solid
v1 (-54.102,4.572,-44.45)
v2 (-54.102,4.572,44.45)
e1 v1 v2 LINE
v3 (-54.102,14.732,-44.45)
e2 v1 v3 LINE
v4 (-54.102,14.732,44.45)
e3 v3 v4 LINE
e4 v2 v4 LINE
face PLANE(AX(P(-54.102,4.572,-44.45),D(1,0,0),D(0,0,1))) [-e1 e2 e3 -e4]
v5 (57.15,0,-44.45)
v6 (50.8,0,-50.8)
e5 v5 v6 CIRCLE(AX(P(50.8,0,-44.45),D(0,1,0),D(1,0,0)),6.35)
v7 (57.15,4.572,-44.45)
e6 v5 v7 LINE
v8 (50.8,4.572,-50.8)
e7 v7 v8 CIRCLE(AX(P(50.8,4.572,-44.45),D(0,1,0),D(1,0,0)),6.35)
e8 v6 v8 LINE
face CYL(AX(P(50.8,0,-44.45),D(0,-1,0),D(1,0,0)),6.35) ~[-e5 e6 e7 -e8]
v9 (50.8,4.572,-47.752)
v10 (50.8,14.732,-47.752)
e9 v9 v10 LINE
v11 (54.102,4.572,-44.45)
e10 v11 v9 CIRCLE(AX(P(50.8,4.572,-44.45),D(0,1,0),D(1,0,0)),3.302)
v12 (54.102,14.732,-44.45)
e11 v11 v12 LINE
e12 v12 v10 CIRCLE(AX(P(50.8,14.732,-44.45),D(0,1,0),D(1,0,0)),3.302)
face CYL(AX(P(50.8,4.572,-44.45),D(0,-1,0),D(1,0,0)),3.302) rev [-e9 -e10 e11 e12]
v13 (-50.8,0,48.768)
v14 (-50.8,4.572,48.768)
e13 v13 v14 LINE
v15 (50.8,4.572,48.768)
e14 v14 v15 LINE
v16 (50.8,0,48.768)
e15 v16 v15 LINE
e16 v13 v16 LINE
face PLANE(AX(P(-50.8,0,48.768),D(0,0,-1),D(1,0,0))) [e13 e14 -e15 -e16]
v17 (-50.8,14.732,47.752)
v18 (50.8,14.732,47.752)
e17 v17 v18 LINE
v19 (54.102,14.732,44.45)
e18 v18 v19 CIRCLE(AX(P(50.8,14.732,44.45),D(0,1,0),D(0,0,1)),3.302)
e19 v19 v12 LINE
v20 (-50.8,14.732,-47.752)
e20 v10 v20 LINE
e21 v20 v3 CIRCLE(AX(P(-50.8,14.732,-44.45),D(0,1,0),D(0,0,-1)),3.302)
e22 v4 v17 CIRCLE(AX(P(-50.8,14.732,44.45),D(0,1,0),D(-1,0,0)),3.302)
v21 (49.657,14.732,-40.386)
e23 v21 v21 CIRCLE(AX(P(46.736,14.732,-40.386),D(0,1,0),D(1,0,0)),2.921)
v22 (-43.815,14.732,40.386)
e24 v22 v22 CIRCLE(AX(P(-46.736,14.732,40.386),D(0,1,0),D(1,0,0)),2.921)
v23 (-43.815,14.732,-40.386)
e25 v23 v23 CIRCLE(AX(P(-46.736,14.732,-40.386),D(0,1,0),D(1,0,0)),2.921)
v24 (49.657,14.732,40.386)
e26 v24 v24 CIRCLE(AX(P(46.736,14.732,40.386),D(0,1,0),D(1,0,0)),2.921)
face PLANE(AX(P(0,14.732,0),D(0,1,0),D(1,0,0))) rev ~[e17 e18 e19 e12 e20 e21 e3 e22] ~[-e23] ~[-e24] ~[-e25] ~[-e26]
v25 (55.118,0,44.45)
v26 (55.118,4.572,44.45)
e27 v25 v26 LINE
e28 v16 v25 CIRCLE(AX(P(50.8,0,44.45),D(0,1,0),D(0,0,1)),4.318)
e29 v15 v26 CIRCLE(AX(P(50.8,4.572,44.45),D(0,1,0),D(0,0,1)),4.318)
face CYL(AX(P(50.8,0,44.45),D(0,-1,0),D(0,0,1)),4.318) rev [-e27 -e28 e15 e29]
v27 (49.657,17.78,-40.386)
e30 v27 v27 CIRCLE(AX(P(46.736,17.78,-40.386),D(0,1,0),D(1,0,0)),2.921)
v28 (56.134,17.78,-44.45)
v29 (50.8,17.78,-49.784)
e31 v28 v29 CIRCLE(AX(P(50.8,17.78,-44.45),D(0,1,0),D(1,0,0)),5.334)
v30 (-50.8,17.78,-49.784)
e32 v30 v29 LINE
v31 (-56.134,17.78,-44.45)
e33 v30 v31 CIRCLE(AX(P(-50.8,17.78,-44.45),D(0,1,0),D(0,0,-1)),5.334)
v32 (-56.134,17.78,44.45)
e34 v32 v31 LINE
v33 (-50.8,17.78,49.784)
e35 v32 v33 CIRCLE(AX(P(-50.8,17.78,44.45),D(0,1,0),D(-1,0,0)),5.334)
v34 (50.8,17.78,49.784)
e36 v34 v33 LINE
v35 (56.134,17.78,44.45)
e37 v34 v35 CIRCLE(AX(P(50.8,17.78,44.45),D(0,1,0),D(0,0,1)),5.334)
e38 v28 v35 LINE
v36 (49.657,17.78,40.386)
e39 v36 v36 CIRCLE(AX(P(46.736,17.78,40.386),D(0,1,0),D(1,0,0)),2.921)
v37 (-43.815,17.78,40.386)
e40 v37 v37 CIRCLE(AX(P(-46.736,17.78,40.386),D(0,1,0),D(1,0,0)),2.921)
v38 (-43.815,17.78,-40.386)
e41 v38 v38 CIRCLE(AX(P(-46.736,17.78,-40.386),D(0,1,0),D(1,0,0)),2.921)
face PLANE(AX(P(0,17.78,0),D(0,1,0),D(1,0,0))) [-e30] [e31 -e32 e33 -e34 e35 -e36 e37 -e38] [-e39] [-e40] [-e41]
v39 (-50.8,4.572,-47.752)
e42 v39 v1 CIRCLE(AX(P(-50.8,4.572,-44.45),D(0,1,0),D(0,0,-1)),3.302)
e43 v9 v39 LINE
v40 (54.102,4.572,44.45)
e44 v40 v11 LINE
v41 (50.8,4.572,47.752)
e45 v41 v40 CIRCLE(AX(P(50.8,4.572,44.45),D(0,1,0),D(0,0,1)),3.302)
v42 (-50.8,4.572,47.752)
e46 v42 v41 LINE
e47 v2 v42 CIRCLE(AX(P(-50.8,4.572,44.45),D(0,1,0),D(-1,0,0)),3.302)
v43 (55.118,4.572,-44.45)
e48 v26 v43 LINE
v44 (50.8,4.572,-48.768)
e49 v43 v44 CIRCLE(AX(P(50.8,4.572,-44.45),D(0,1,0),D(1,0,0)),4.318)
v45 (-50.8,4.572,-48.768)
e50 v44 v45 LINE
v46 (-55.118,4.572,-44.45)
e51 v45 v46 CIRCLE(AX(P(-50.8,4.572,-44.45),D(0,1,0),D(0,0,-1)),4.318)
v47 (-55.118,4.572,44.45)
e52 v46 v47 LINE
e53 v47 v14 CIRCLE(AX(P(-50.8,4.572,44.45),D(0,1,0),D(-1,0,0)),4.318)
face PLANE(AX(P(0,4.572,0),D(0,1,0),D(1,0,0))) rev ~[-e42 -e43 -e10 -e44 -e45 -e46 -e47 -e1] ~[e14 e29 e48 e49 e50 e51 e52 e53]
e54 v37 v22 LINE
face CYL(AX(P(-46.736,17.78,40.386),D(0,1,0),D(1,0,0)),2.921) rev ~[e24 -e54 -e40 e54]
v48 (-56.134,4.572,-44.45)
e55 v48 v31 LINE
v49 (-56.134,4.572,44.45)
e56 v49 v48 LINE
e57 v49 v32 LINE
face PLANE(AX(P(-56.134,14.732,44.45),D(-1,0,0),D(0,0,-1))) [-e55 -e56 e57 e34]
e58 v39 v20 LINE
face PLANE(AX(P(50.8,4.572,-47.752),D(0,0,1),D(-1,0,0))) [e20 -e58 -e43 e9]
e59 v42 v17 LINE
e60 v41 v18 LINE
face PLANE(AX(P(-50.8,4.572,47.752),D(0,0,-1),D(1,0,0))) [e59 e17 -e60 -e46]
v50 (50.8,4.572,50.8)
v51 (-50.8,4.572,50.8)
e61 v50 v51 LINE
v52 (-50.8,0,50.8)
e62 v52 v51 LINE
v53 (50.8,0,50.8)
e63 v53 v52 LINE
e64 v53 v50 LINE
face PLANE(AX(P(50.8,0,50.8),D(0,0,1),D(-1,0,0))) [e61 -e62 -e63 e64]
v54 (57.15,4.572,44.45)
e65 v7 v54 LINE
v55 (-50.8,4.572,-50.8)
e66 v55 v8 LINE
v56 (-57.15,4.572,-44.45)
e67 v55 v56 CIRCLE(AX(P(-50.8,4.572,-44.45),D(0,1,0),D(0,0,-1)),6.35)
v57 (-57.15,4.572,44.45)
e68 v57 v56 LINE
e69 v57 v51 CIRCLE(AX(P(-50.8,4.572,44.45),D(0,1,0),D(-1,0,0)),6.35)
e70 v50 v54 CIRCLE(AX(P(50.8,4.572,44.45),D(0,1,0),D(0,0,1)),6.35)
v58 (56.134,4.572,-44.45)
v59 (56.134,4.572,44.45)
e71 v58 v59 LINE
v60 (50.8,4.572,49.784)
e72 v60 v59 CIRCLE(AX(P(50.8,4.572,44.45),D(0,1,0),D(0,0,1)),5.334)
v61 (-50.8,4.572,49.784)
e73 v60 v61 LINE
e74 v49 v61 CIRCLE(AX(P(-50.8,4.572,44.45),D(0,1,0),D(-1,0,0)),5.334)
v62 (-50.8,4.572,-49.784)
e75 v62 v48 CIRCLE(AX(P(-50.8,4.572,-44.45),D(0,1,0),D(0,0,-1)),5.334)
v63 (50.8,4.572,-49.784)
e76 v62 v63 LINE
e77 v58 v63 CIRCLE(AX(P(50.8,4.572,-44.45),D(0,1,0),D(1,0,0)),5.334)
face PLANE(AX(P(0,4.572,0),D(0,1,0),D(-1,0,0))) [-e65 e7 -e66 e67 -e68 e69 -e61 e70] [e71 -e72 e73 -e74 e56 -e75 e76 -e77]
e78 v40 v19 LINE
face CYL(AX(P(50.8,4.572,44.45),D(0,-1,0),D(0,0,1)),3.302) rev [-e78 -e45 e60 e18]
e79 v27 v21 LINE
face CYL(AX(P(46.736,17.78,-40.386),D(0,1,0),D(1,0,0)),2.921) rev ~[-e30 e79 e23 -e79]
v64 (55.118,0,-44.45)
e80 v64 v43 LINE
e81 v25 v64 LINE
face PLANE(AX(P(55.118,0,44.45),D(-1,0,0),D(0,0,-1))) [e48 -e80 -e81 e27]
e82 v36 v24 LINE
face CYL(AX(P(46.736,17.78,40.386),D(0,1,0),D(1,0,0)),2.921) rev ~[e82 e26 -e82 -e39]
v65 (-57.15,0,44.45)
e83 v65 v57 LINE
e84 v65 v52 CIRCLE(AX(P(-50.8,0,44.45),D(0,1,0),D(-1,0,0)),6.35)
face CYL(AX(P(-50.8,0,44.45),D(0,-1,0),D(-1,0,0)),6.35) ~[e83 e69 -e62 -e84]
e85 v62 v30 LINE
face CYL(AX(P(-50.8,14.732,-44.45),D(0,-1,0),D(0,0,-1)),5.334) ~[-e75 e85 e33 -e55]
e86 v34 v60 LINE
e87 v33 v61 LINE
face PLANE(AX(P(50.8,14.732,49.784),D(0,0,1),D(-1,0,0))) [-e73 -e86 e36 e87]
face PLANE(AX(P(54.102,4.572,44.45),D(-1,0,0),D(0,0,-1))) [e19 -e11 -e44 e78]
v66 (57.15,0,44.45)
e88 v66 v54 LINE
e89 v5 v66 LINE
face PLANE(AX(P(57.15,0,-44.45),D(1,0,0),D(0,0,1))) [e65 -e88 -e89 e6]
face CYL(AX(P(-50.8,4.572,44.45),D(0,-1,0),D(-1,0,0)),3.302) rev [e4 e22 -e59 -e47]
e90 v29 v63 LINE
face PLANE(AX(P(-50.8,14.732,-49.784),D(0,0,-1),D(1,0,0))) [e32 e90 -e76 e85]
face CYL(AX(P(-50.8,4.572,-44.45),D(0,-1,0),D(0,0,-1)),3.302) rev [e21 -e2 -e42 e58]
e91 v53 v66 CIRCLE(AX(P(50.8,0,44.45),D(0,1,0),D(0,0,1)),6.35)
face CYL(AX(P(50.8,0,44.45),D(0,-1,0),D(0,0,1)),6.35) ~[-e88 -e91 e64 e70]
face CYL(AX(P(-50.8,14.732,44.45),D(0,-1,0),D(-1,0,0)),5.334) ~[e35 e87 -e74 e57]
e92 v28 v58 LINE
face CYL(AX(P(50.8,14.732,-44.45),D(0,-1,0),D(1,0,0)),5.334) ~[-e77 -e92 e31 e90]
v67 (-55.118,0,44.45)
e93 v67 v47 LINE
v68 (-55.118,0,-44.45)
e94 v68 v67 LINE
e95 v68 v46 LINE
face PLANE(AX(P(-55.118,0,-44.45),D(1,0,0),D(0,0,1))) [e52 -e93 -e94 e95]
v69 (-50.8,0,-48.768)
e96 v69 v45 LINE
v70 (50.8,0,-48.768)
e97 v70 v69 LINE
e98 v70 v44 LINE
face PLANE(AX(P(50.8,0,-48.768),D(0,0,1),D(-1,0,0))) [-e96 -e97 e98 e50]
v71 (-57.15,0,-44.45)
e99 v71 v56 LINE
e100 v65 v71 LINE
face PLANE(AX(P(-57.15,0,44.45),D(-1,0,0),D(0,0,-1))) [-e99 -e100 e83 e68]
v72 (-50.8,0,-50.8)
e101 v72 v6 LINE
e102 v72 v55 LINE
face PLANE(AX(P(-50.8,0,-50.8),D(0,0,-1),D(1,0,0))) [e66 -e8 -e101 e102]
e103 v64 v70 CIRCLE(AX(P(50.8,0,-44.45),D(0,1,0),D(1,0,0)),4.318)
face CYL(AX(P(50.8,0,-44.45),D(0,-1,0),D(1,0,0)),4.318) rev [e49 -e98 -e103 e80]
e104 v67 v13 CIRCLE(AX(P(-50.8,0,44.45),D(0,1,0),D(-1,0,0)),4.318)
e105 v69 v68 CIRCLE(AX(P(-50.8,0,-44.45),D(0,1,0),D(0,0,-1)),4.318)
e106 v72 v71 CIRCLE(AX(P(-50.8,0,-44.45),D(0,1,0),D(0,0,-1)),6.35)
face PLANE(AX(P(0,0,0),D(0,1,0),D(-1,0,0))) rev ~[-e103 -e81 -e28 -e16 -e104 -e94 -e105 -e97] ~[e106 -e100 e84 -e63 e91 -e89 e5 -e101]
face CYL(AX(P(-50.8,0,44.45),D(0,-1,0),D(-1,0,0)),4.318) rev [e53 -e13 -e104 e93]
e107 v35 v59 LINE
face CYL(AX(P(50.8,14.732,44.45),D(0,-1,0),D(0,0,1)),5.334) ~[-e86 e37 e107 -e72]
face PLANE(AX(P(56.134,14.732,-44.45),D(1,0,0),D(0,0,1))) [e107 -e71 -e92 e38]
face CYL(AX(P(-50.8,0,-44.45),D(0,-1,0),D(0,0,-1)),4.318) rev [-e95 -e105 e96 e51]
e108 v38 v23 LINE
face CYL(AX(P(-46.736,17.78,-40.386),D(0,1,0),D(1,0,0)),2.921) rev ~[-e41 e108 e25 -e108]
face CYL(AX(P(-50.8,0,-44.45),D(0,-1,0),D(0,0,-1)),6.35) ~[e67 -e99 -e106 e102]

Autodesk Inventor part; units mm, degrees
ref_plane "YZ Plane" through (0, 0, 0) normal (1, 0, 0) x (0, 1, 0)
ref_plane "XZ Plane" through (0, 0, 0) normal (0, 1, 0) x (-1, 0, 0)
ref_plane "XY Plane" through (0, 0, 0) normal (0, 0, 1) x (1, 0, 0)
sketch "Sketch2" plane through (0, 0, 0) normal (0, 1, 0) x (-1, 0, 0)
  line L0 (-50.8, 50.8) -> (50.8, 50.8)
  line L1 (57.15, 44.45) -> (57.15, -44.45)
  line L2 (50.8, -50.8) -> (-50.8, -50.8)
  line L3 (-57.15, -44.45) -> (-57.15, 44.45)
  arc A0 (-50.8, 50.8) -> (-57.15, 44.45) centre (-50.8, 44.45) ccw
  arc A1 (-57.15, -44.45) -> (-50.8, -50.8) centre (-50.8, -44.45) ccw
  arc A2 (50.8, -50.8) -> (57.15, -44.45) centre (50.8, -44.45) ccw
  arc A3 (57.15, 44.45) -> (50.8, 50.8) centre (50.8, 44.45) ccw
  line L4 (50.8, 48.768) -> (-50.8, 48.768)
  arc A4 (-50.8, 48.768) -> (-55.118, 44.45) centre (-50.8, 44.45) ccw
  line L5 (-55.118, 44.45) -> (-55.118, -44.45)
  arc A5 (-55.118, -44.45) -> (-50.8, -48.768) centre (-50.8, -44.45) ccw
  line L6 (-50.8, -48.768) -> (50.8, -48.768)
  arc A6 (50.8, -48.768) -> (55.118, -44.45) centre (50.8, -44.45) ccw
  line L7 (55.118, -44.45) -> (55.118, 44.45)
  arc A7 (55.118, 44.45) -> (50.8, 48.768) centre (50.8, 44.45) ccw
  line L8 (-50.8, 44.45) -> (50.8, -44.45) construction
  point P0 (0, 0)
  point P1 (0, 0)
  point P2 (0, 0)
  dimension "d0" = 114.3
  dimension "d1" = 101.6
  dimension "d2" = 6.35
  dimension "d3" = 2.032
extrude "Extrusion1" add sketch "Sketch2" along normal blind 4.572
sketch "Sketch3" plane through (0, 4.572, 0) normal (0, 1, 0) x (1, 0, 0)
  line L0 (-55.118, -44.45) -> (-55.118, 44.45) projected
  arc A0 (-50.8, 48.768) -> (-55.118, 44.45) centre (-50.8, 44.45) ccw projected
  line L1 (-50.8, 48.768) -> (50.8, 48.768) projected
  line L2 (55.118, 44.45) -> (55.118, -44.45) projected
  line L3 (50.8, -48.768) -> (-50.8, -48.768) projected
  line L4 (-50.8, 49.784) -> (50.8, 49.784)
  line L5 (56.134, 44.45) -> (56.134, -44.45)
  line L6 (50.8, -49.784) -> (-50.8, -49.784)
  line L7 (-56.134, -44.45) -> (-56.134, 44.45)
  arc A1 (-50.8, 49.784) -> (-56.134, 44.45) centre (-50.8, 44.45) ccw
  arc A2 (-56.134, -44.45) -> (-50.8, -49.784) centre (-50.8, -44.45) ccw
  arc A3 (50.8, -49.784) -> (56.134, -44.45) centre (50.8, -44.45) ccw
  arc A4 (56.134, 44.45) -> (50.8, 49.784) centre (50.8, 44.45) ccw
  line L8 (-54.102, 44.45) -> (-54.102, -44.45)
  arc A5 (-54.102, -44.45) -> (-50.8, -47.752) centre (-50.8, -44.45) ccw
  line L9 (-50.8, -47.752) -> (50.8, -47.752)
  arc A6 (50.8, -47.752) -> (54.102, -44.45) centre (50.8, -44.45) ccw
  line L10 (54.102, -44.45) -> (54.102, 44.45)
  arc A7 (54.102, 44.45) -> (50.8, 47.752) centre (50.8, 44.45) ccw
  line L11 (50.8, 47.752) -> (-50.8, 47.752)
  arc A8 (-50.8, 47.752) -> (-54.102, 44.45) centre (-50.8, 44.45) ccw
  point P0 (0, 0)
  dimension "d7" = 1.016
  dimension "d8" = 1.016
  dimension "d9" = 1.016
  dimension "d10" = 1.016
  dimension "d11" = 2.032
extrude "Extrusion2" add sketch "Sketch3" along normal blind 10.16
sketch "Sketch5" plane through (0, 14.732, 0) normal (0, 1, 0) x (1, 0, 0)
  arc A0 (-50.8, 49.784) -> (-56.134, 44.45) centre (-50.8, 44.45) ccw projected
  line L0 (-56.134, -44.45) -> (-56.134, 44.45) projected
  arc A1 (-56.134, -44.45) -> (-50.8, -49.784) centre (-50.8, -44.45) ccw projected
  line L1 (50.8, -49.784) -> (-50.8, -49.784) projected
  arc A2 (50.8, -49.784) -> (56.134, -44.45) centre (50.8, -44.45) ccw projected
  line L2 (56.134, 44.45) -> (56.134, -44.45) projected
  arc A3 (56.134, 44.45) -> (50.8, 49.784) centre (50.8, 44.45) ccw projected
  line L3 (-50.8, 49.784) -> (50.8, 49.784) projected
  point P0 (0, 0)
extrude "Extrusion3" add sketch "Sketch5" along normal blind 3.048
sketch "Sketch6" plane through (0, 17.78, 0) normal (0, 1, 0) x (1, 0, 0)
  line L0 (-50.8, 49.784) -> (50.8, 49.784) projected
  line L1 (-56.134, -44.45) -> (-56.134, 44.45) projected
  line L2 (56.134, 44.45) -> (56.134, -44.45) projected
  circle A0 centre (-46.736, 40.386) radius 2.921
  circle A1 centre (-46.736, -40.386) radius 2.921
  circle A2 centre (46.736, -40.386) radius 2.921
  circle A3 centre (46.736, 40.386) radius 2.921
  line L3 (-46.736, 40.386) -> (-46.736, -40.386) construction
  line L4 (-46.736, -40.386) -> (46.736, -40.386) construction
  line L5 (46.736, -40.386) -> (46.736, 40.386) construction
  line L6 (46.736, 40.386) -> (-46.736, 40.386) construction
  line L7 (-46.736, 40.386) -> (46.736, -40.386) construction
  point P0 (0, 0)
  point P1 (0, 0)
  dimension "d16" = 5.842
  dimension "d20" = 87.63
  dimension "d21" = 9.398
  dimension "d22" = 9.398
extrude "Extrusion4" cut sketch "Sketch6" against normal through all
properties part number "Plate"
